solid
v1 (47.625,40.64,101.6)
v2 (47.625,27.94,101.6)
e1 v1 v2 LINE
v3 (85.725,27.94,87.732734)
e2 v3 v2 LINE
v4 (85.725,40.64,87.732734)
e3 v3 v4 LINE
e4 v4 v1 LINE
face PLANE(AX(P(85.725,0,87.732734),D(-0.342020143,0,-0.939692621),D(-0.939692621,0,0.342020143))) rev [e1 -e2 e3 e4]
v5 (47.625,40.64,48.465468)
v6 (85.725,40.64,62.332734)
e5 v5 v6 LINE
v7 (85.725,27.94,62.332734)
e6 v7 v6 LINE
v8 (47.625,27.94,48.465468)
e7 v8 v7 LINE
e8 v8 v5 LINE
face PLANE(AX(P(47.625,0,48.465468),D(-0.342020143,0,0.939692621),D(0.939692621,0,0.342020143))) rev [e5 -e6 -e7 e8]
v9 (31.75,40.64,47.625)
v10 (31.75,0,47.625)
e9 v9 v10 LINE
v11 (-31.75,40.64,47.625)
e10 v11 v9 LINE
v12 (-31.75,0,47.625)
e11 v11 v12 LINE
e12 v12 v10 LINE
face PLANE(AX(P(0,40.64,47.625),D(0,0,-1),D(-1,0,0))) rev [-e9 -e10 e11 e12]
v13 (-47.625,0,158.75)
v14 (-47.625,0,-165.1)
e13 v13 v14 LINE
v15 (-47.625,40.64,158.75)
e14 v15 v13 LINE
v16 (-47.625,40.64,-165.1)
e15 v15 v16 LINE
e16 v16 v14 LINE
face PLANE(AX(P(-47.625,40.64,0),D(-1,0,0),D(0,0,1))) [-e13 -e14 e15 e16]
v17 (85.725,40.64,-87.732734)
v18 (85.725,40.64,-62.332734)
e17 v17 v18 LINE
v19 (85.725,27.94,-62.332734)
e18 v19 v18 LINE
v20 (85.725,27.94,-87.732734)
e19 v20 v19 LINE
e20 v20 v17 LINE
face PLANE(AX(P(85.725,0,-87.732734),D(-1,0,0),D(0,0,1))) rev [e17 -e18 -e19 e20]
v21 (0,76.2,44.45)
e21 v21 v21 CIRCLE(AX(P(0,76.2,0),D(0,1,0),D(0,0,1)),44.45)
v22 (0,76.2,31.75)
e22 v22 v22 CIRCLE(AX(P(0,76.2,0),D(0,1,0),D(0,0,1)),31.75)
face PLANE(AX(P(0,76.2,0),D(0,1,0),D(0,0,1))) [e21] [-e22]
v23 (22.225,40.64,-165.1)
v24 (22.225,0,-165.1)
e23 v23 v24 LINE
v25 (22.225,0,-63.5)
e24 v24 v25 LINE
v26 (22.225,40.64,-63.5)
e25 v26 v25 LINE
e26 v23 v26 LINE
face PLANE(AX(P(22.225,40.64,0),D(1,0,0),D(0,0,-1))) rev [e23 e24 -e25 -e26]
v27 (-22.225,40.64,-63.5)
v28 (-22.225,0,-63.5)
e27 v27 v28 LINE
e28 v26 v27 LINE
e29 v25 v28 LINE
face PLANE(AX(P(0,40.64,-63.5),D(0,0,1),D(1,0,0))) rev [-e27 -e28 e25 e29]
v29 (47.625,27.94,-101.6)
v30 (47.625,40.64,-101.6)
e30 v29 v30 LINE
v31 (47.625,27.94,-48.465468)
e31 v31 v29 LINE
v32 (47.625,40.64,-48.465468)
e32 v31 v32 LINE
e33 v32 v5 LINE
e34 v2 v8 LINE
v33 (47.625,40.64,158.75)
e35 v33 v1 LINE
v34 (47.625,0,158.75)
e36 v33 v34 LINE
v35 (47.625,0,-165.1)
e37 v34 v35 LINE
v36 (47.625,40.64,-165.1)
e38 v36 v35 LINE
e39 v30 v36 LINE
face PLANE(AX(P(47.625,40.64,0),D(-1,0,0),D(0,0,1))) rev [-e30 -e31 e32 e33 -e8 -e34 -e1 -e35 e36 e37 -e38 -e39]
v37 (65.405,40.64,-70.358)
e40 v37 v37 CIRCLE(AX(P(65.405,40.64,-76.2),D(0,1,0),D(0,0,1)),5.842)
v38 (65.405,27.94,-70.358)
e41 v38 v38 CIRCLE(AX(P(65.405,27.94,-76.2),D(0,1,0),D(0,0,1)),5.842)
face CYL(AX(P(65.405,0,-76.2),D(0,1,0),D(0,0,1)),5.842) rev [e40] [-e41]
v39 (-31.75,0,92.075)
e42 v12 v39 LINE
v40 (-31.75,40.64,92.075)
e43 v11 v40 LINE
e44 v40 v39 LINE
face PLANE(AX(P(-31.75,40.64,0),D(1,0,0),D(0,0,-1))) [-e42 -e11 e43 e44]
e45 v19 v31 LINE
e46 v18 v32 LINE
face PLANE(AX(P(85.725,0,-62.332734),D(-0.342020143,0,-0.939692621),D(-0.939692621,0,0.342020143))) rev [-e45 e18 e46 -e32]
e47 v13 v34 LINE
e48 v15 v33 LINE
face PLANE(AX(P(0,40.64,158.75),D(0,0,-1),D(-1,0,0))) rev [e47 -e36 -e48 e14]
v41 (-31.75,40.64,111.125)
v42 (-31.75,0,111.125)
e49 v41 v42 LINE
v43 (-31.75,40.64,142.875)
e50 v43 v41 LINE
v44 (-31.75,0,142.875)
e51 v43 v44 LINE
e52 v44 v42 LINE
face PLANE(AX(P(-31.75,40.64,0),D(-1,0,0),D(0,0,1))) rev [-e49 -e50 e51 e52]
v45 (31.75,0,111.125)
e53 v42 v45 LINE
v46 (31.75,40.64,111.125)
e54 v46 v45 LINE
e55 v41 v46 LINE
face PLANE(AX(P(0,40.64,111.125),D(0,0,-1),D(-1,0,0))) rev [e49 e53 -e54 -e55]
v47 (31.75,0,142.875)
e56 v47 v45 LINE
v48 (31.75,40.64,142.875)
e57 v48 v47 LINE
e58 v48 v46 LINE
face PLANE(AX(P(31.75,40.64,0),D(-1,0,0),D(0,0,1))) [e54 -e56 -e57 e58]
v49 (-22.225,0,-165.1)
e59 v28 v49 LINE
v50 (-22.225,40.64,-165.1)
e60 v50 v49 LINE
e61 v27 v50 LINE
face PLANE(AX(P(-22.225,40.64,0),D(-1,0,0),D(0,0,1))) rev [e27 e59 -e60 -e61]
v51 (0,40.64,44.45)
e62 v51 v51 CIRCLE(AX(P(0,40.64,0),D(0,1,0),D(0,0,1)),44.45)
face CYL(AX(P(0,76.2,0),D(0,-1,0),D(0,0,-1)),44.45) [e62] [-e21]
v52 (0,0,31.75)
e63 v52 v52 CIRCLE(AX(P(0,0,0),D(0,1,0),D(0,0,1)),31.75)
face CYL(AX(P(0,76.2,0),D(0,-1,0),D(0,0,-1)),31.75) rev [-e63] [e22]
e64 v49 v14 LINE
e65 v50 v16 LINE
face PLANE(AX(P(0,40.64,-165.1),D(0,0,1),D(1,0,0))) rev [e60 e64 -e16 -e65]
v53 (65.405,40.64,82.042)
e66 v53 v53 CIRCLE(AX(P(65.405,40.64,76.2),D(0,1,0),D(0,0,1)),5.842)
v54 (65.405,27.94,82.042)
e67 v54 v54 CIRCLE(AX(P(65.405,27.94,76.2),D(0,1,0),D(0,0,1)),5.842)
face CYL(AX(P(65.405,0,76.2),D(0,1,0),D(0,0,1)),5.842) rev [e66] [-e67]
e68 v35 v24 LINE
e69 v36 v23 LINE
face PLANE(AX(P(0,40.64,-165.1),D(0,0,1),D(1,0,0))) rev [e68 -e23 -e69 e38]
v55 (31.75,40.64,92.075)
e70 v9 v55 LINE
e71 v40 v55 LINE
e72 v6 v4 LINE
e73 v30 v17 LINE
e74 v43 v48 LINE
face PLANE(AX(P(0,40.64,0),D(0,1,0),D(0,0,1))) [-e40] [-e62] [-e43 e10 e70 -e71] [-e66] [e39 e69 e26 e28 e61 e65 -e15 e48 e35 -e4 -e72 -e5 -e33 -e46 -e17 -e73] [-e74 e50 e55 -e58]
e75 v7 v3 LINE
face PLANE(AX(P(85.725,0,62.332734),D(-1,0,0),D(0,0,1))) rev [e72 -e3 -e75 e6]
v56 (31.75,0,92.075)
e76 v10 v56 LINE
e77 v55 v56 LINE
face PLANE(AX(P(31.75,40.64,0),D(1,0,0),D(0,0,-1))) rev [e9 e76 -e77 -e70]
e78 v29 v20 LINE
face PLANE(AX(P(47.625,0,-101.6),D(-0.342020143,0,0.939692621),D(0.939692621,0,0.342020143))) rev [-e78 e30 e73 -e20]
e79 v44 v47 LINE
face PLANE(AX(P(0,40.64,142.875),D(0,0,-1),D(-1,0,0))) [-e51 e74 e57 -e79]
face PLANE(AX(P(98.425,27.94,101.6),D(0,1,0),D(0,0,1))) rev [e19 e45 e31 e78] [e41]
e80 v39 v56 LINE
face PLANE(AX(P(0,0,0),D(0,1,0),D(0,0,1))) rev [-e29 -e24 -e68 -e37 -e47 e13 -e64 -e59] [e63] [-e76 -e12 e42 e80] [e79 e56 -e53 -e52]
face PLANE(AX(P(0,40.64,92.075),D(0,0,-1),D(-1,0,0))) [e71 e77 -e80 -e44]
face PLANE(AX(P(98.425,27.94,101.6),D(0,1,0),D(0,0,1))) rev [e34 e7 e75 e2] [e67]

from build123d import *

# Parameters (mm, degrees)
SKETCH1_W           = 63.5
SKETCH1_H           = 31.75
SKETCH1_H_2         = 44.45
SKETCH1_R           = 44.45
BOSS_EXTRUDE1_DEPTH = 40.64
SKETCH1_3_R         = 44.45
SKETCH1_3_R_2       = 31.75
BOSS_EXTRUDE2_DEPTH = 76.2
SKETCH2_W           = 203.2
SKETCH2_H           = 12.7
BOSS_EXTRUDE3_DEPTH = 50.8
SKETCH3_R           = 5.842
CUT_EXTRUDE1_DEPTH  = 197.461447172


with BuildPart() as part:
    # Sketch1 → Boss-Extrude1 (new body)
    with BuildSketch(Plane(origin=(0, 0, 0), x_dir=(1, 0, 0), z_dir=(0, 1, 0))):
        Polygon((-47.625, 63.5), (-47.625, -95.25), (-47.625, -158.75), (47.625, -158.75), (47.625, -95.25), (47.625, 63.5), (47.625, 165.1), (22.225, 165.1), (22.225, 63.5), (-22.225, 63.5), (-22.225, 165.1), (-47.625, 165.1), align=None)
        with Locations((0, -127)):
            Rectangle(SKETCH1_W, SKETCH1_H, mode=Mode.SUBTRACT)
        with Locations((0, -69.85)):
            Rectangle(SKETCH1_W, SKETCH1_H_2, mode=Mode.SUBTRACT)
        Circle(SKETCH1_R, mode=Mode.SUBTRACT)
    extrude(amount=BOSS_EXTRUDE1_DEPTH)

    # Sketch1<3> → Boss-Extrude2 (add)
    with BuildSketch(Plane(origin=(0, 0, 0), x_dir=(1, 0, 0), z_dir=(0, 1, 0))):
        Circle(SKETCH1_3_R)
        Circle(SKETCH1_3_R_2, mode=Mode.SUBTRACT)
    extrude(amount=BOSS_EXTRUDE2_DEPTH)

    # Sketch2 → Boss-Extrude3 (add)
    with BuildSketch(Plane(origin=(47.625, 0, 0), x_dir=(0, 0, -1), z_dir=(1, 0, 0))):
        with Locations((0, 34.29)):
            Rectangle(SKETCH2_W, SKETCH2_H)
    extrude(amount=BOSS_EXTRUDE3_DEPTH)

    # Sketch3 → Cut-Extrude1 (cut, through all)
    with BuildSketch(Plane(origin=(0, 40.64, 0), x_dir=(1, 0, 0), z_dir=(0, 1, 0))):
        with Locations((65.405, 76.2)):
            Circle(SKETCH3_R)
        with Locations((65.405, -76.2)):
            Circle(SKETCH3_R)
        Polygon((47.625, 101.6), (85.725, 87.732734074), (85.725, 62.332734074), (47.625, 48.465468149), (47.625, -48.465468149), (85.725, -62.332734074), (85.725, -87.732734074), (47.625, -101.6), (98.425, -101.6), (98.425, 101.6), align=None)
    extrude(amount=-CUT_EXTRUDE1_DEPTH, mode=Mode.SUBTRACT)


solid = part.part
